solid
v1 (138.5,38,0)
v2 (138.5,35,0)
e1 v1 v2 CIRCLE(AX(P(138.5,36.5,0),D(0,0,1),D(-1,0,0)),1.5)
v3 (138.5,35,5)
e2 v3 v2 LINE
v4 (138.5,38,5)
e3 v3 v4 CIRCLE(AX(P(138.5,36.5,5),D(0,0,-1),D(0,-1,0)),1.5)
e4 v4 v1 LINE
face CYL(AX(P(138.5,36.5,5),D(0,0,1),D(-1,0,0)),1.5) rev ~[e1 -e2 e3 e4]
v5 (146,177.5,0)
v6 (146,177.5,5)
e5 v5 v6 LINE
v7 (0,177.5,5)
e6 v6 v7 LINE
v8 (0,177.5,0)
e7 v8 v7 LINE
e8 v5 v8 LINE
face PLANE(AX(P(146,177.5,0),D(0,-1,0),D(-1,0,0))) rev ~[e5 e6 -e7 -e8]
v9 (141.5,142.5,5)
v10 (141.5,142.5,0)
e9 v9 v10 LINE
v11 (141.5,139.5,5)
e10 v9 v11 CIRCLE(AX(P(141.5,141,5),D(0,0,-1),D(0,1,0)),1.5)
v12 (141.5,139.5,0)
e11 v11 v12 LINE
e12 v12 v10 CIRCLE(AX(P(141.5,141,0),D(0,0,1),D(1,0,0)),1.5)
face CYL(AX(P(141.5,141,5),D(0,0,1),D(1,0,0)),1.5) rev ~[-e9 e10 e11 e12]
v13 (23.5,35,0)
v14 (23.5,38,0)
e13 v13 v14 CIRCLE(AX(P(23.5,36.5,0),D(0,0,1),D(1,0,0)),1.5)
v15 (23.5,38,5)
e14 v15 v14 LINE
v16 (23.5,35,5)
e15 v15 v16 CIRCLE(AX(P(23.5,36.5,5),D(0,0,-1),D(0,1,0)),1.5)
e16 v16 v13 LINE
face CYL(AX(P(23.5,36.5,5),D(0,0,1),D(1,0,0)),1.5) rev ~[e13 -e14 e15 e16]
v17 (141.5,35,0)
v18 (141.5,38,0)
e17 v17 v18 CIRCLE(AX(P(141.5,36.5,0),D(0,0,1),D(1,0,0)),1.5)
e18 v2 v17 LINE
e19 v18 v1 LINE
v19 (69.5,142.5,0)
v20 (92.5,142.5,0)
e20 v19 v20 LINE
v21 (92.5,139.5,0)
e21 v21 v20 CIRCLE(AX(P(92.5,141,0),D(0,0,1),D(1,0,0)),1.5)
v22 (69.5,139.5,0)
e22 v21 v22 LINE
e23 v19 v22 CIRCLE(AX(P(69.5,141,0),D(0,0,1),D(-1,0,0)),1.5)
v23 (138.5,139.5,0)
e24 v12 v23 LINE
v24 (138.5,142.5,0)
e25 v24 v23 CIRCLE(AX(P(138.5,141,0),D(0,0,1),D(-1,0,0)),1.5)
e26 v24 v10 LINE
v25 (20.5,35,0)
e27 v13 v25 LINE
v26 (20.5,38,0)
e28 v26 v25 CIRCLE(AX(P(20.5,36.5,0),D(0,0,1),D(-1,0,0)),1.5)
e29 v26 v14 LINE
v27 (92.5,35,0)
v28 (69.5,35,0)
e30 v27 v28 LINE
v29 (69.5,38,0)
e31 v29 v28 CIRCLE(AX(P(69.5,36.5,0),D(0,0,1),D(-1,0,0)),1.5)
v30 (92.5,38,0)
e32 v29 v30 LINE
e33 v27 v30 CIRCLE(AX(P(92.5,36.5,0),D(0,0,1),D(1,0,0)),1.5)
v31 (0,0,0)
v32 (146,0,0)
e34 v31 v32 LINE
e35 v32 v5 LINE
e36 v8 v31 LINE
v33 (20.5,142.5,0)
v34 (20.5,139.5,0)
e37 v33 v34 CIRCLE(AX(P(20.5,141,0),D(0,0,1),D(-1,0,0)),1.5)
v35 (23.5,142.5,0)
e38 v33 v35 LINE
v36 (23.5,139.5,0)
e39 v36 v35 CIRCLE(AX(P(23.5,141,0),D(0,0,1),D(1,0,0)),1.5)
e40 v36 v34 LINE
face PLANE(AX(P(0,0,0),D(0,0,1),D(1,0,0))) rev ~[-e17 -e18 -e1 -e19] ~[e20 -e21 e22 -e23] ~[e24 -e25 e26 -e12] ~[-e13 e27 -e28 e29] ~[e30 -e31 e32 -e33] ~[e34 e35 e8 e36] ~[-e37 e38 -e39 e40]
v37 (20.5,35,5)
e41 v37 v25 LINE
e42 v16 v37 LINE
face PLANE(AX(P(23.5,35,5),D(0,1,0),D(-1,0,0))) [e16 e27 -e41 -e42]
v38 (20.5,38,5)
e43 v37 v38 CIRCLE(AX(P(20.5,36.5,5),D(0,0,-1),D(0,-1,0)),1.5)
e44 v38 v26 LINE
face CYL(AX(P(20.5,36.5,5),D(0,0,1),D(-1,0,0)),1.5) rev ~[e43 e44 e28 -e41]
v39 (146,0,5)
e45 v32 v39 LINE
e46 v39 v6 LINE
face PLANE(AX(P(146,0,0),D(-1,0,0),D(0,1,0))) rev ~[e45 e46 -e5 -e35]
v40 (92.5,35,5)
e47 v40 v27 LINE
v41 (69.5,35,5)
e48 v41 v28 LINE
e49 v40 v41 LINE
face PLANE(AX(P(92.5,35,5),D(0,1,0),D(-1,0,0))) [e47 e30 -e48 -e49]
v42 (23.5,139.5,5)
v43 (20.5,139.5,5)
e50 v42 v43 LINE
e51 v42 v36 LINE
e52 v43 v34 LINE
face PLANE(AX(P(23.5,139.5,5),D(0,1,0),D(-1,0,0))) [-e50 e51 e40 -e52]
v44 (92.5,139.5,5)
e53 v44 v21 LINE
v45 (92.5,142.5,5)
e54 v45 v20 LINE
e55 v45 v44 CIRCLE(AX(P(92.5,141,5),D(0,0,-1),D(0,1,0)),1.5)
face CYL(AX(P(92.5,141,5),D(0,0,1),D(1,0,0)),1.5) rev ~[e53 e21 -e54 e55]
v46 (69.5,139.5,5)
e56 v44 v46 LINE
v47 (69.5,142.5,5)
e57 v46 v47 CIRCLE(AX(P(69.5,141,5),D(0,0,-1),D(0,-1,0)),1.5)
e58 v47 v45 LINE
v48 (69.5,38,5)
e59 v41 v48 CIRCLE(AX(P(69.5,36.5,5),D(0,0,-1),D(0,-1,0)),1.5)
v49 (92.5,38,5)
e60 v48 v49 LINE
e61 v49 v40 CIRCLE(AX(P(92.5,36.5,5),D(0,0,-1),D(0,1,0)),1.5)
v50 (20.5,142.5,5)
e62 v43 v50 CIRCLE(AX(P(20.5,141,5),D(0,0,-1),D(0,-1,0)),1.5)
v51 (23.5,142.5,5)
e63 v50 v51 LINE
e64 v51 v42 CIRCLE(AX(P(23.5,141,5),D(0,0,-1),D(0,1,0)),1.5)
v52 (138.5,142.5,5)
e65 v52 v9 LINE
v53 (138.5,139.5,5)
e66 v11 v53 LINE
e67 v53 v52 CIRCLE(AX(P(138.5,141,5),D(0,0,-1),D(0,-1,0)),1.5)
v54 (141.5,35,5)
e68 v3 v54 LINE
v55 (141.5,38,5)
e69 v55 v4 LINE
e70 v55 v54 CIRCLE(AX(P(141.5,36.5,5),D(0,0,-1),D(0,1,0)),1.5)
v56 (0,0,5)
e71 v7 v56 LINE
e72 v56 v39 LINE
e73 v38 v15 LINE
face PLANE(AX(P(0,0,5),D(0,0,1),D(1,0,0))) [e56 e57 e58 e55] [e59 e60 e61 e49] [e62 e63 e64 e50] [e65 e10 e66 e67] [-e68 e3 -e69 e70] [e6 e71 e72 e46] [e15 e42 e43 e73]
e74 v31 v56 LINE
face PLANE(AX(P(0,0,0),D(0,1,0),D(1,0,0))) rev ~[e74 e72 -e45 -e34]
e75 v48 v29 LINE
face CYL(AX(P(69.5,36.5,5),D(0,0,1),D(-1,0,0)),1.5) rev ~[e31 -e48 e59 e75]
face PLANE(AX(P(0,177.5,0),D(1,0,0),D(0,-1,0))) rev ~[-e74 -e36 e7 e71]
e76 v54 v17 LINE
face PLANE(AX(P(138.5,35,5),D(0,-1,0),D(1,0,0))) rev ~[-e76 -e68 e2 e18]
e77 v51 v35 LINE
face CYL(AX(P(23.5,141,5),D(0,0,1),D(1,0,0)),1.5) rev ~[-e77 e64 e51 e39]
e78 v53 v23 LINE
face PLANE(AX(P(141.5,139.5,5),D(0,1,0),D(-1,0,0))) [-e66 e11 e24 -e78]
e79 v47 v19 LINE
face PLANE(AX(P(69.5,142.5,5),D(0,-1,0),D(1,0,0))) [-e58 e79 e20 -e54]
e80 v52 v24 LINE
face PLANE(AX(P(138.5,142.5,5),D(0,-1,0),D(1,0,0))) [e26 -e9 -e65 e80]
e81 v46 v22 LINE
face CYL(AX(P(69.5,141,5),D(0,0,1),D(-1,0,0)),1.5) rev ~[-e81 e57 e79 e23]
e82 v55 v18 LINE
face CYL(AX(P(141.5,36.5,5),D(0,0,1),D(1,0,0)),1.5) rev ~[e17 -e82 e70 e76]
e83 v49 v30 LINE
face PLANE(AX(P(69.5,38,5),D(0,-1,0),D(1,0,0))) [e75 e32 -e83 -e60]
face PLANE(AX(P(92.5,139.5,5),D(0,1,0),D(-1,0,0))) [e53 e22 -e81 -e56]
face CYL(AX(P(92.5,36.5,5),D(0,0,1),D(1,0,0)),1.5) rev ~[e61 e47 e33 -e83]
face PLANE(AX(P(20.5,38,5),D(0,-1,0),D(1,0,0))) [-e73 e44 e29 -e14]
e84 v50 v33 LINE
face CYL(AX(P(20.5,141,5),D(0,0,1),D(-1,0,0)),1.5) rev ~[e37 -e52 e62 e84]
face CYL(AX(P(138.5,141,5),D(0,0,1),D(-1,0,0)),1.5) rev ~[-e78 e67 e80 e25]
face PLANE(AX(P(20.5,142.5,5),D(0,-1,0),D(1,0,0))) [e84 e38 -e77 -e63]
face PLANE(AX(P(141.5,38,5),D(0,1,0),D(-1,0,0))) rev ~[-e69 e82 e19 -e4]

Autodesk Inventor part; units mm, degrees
ref_plane "YZ Plane" through (0, 0, 0) normal (1, 0, 0) x (0, 1, 0)
ref_plane "XZ Plane" through (0, 0, 0) normal (0, 1, 0) x (-1, 0, 0)
ref_plane "XY Plane" through (0, 0, 0) normal (0, 0, 1) x (1, 0, 0)
sketch "Sketch1" plane through (0, 0, 0) normal (0, 0, 1) x (1, 0, 0)
  line L0 (0, 0) -> (146, 0)
  line L1 (146, 0) -> (146, 177.5)
  line L2 (146, 177.5) -> (0, 177.5)
  line L3 (0, 177.5) -> (0, 0)
  dimension "d0" = 146
  dimension "d1" = 177.5
extrude "Extrusion1" add sketch "Sketch1" along normal blind 5
sketch "Sketch3" plane through (0, 0, 5) normal (0, 0, 1) x (1, 0, 0)
  line L0 (0, 0) -> (146, 0) projected
  line L1 (146, 0) -> (146, 177.5) projected
  line L2 (146, 177.5) -> (0, 177.5) projected
  line L3 (0, 177.5) -> (0, 0) projected
  line L4 (0, 141) -> (146, 141) construction
  line L5 (0, 36.5) -> (146, 36.5) construction
  line L6 (22, 177.5) -> (22, 0) construction
  line L7 (81, 0) -> (81, 177.5) construction
  line L8 (140, 177.5) -> (140, 0) construction
  line L9 (20.5, 142.5) -> (23.5, 142.5)
  line L10 (25, 141) -> (25, 141)
  line L11 (23.5, 139.5) -> (20.5, 139.5)
  line L12 (19, 141) -> (19, 141)
  line L13 (19, 142.5) -> (25, 139.5) construction
  line L14 (25, 142.5) -> (19, 139.5) construction
  line L15 (20.5, 38) -> (23.5, 38)
  line L16 (25, 36.5) -> (25, 36.5)
  line L17 (23.5, 35) -> (20.5, 35)
  line L18 (19, 36.5) -> (19, 36.5)
  line L19 (19, 38) -> (25, 35) construction
  line L20 (25, 38) -> (19, 35) construction
  line L21 (138.5, 142.5) -> (141.5, 142.5)
  line L22 (143, 141) -> (143, 141)
  line L23 (141.5, 139.5) -> (138.5, 139.5)
  line L24 (137, 141) -> (137, 141)
  line L25 (137, 142.5) -> (143, 139.5) construction
  line L26 (143, 142.5) -> (137, 139.5) construction
  line L27 (141.5, 38) -> (138.5, 38)
  line L28 (137, 36.5) -> (137, 36.5)
  line L29 (138.5, 35) -> (141.5, 35)
  line L30 (143, 36.5) -> (143, 36.5)
  line L31 (143, 38) -> (137, 35) construction
  line L32 (137, 38) -> (143, 35) construction
  arc A0 (20.5, 142.5) -> (19, 141) centre (20.5, 141) ccw
  arc A1 (25, 141) -> (23.5, 142.5) centre (23.5, 141) ccw
  arc A2 (23.5, 139.5) -> (25, 141) centre (23.5, 141) ccw
  arc A3 (19, 141) -> (20.5, 139.5) centre (20.5, 141) ccw
  arc A4 (20.5, 38) -> (19, 36.5) centre (20.5, 36.5) ccw
  arc A5 (25, 36.5) -> (23.5, 38) centre (23.5, 36.5) ccw
  arc A6 (23.5, 35) -> (25, 36.5) centre (23.5, 36.5) ccw
  arc A7 (19, 36.5) -> (20.5, 35) centre (20.5, 36.5) ccw
  arc A8 (141.5, 35) -> (143, 36.5) centre (141.5, 36.5) ccw
  arc A9 (137, 36.5) -> (138.5, 35) centre (138.5, 36.5) ccw
  arc A10 (138.5, 38) -> (137, 36.5) centre (138.5, 36.5) ccw
  arc A11 (143, 36.5) -> (141.5, 38) centre (141.5, 36.5) ccw
  arc A12 (138.5, 142.5) -> (137, 141) centre (138.5, 141) ccw
  arc A13 (137, 141) -> (138.5, 139.5) centre (138.5, 141) ccw
  arc A14 (143, 141) -> (141.5, 142.5) centre (141.5, 141) ccw
  arc A15 (141.5, 139.5) -> (143, 141) centre (141.5, 141) ccw
  line L33 (69.5, 142.5) -> (92.5, 142.5)
  line L34 (94, 141) -> (94, 141)
  line L35 (92.5, 139.5) -> (69.5, 139.5)
  line L36 (68, 141) -> (68, 141)
  line L37 (68, 142.5) -> (94, 139.5) construction
  line L38 (94, 142.5) -> (68, 139.5) construction
  line L39 (69.5, 38) -> (92.5, 38)
  line L40 (94, 36.5) -> (94, 36.5)
  line L41 (92.5, 35) -> (69.5, 35)
  line L42 (68, 36.5) -> (68, 36.5)
  line L43 (68, 38) -> (94, 35) construction
  line L44 (94, 38) -> (68, 35) construction
  arc A16 (69.5, 142.5) -> (68, 141) centre (69.5, 141) ccw
  arc A17 (68, 141) -> (69.5, 139.5) centre (69.5, 141) ccw
  arc A18 (92.5, 139.5) -> (94, 141) centre (92.5, 141) ccw
  arc A19 (94, 141) -> (92.5, 142.5) centre (92.5, 141) ccw
  arc A20 (69.5, 38) -> (68, 36.5) centre (69.5, 36.5) ccw
  arc A21 (68, 36.5) -> (69.5, 35) centre (69.5, 36.5) ccw
  arc A22 (92.5, 35) -> (94, 36.5) centre (92.5, 36.5) ccw
  arc A23 (94, 36.5) -> (92.5, 38) centre (92.5, 36.5) ccw
  point P0 (22, 141)
  point P1 (22, 36.5)
  point P2 (81, 36.5)
  point P3 (81, 141)
  point P4 (140, 141)
  point P5 (140, 36.5)
  dimension "d22" = 36.5
  dimension "d23" = 36.5
  dimension "d24" = 104.5
  dimension "d25" = 59
  dimension "d26" = 59
  dimension "d36" = 22
  dimension "d39" = 3
  dimension "d40" = 6
  dimension "d41" = 1.5
  dimension "d42" = 1.5
  dimension "d43" = 1.5
  dimension "d44" = 1.5
  dimension "d47" = 26
  dimension "d48" = 26
  dimension "d49" = 3
  dimension "d50" = 3
  dimension "d51" = 1.5
  dimension "d52" = 1.5
extrude "Extrusion4" cut sketch "Sketch3" against normal blind 10 contours L9 A1 A2 L11 A3 A0 | L15 A5 A6 L17 A7 A4 | L21 A14 A15 L23 A13 A12 | A11 A8 L29 A9 A10 L27 | L33 A19 A18 L35 A17 A16 | L39 A23 A22 L41 A21 A20
ref_plane "Work Plane1" through (81, 38, 5) normal (1, 0, 0) x (0, 0, -1)
ref_plane "Work Plane2" through (69.5, 88.75, 5) normal (0, -1, 0) x (1, 0, 0)
properties part number "plate_base" material "Aluminum 6061-AHC"
